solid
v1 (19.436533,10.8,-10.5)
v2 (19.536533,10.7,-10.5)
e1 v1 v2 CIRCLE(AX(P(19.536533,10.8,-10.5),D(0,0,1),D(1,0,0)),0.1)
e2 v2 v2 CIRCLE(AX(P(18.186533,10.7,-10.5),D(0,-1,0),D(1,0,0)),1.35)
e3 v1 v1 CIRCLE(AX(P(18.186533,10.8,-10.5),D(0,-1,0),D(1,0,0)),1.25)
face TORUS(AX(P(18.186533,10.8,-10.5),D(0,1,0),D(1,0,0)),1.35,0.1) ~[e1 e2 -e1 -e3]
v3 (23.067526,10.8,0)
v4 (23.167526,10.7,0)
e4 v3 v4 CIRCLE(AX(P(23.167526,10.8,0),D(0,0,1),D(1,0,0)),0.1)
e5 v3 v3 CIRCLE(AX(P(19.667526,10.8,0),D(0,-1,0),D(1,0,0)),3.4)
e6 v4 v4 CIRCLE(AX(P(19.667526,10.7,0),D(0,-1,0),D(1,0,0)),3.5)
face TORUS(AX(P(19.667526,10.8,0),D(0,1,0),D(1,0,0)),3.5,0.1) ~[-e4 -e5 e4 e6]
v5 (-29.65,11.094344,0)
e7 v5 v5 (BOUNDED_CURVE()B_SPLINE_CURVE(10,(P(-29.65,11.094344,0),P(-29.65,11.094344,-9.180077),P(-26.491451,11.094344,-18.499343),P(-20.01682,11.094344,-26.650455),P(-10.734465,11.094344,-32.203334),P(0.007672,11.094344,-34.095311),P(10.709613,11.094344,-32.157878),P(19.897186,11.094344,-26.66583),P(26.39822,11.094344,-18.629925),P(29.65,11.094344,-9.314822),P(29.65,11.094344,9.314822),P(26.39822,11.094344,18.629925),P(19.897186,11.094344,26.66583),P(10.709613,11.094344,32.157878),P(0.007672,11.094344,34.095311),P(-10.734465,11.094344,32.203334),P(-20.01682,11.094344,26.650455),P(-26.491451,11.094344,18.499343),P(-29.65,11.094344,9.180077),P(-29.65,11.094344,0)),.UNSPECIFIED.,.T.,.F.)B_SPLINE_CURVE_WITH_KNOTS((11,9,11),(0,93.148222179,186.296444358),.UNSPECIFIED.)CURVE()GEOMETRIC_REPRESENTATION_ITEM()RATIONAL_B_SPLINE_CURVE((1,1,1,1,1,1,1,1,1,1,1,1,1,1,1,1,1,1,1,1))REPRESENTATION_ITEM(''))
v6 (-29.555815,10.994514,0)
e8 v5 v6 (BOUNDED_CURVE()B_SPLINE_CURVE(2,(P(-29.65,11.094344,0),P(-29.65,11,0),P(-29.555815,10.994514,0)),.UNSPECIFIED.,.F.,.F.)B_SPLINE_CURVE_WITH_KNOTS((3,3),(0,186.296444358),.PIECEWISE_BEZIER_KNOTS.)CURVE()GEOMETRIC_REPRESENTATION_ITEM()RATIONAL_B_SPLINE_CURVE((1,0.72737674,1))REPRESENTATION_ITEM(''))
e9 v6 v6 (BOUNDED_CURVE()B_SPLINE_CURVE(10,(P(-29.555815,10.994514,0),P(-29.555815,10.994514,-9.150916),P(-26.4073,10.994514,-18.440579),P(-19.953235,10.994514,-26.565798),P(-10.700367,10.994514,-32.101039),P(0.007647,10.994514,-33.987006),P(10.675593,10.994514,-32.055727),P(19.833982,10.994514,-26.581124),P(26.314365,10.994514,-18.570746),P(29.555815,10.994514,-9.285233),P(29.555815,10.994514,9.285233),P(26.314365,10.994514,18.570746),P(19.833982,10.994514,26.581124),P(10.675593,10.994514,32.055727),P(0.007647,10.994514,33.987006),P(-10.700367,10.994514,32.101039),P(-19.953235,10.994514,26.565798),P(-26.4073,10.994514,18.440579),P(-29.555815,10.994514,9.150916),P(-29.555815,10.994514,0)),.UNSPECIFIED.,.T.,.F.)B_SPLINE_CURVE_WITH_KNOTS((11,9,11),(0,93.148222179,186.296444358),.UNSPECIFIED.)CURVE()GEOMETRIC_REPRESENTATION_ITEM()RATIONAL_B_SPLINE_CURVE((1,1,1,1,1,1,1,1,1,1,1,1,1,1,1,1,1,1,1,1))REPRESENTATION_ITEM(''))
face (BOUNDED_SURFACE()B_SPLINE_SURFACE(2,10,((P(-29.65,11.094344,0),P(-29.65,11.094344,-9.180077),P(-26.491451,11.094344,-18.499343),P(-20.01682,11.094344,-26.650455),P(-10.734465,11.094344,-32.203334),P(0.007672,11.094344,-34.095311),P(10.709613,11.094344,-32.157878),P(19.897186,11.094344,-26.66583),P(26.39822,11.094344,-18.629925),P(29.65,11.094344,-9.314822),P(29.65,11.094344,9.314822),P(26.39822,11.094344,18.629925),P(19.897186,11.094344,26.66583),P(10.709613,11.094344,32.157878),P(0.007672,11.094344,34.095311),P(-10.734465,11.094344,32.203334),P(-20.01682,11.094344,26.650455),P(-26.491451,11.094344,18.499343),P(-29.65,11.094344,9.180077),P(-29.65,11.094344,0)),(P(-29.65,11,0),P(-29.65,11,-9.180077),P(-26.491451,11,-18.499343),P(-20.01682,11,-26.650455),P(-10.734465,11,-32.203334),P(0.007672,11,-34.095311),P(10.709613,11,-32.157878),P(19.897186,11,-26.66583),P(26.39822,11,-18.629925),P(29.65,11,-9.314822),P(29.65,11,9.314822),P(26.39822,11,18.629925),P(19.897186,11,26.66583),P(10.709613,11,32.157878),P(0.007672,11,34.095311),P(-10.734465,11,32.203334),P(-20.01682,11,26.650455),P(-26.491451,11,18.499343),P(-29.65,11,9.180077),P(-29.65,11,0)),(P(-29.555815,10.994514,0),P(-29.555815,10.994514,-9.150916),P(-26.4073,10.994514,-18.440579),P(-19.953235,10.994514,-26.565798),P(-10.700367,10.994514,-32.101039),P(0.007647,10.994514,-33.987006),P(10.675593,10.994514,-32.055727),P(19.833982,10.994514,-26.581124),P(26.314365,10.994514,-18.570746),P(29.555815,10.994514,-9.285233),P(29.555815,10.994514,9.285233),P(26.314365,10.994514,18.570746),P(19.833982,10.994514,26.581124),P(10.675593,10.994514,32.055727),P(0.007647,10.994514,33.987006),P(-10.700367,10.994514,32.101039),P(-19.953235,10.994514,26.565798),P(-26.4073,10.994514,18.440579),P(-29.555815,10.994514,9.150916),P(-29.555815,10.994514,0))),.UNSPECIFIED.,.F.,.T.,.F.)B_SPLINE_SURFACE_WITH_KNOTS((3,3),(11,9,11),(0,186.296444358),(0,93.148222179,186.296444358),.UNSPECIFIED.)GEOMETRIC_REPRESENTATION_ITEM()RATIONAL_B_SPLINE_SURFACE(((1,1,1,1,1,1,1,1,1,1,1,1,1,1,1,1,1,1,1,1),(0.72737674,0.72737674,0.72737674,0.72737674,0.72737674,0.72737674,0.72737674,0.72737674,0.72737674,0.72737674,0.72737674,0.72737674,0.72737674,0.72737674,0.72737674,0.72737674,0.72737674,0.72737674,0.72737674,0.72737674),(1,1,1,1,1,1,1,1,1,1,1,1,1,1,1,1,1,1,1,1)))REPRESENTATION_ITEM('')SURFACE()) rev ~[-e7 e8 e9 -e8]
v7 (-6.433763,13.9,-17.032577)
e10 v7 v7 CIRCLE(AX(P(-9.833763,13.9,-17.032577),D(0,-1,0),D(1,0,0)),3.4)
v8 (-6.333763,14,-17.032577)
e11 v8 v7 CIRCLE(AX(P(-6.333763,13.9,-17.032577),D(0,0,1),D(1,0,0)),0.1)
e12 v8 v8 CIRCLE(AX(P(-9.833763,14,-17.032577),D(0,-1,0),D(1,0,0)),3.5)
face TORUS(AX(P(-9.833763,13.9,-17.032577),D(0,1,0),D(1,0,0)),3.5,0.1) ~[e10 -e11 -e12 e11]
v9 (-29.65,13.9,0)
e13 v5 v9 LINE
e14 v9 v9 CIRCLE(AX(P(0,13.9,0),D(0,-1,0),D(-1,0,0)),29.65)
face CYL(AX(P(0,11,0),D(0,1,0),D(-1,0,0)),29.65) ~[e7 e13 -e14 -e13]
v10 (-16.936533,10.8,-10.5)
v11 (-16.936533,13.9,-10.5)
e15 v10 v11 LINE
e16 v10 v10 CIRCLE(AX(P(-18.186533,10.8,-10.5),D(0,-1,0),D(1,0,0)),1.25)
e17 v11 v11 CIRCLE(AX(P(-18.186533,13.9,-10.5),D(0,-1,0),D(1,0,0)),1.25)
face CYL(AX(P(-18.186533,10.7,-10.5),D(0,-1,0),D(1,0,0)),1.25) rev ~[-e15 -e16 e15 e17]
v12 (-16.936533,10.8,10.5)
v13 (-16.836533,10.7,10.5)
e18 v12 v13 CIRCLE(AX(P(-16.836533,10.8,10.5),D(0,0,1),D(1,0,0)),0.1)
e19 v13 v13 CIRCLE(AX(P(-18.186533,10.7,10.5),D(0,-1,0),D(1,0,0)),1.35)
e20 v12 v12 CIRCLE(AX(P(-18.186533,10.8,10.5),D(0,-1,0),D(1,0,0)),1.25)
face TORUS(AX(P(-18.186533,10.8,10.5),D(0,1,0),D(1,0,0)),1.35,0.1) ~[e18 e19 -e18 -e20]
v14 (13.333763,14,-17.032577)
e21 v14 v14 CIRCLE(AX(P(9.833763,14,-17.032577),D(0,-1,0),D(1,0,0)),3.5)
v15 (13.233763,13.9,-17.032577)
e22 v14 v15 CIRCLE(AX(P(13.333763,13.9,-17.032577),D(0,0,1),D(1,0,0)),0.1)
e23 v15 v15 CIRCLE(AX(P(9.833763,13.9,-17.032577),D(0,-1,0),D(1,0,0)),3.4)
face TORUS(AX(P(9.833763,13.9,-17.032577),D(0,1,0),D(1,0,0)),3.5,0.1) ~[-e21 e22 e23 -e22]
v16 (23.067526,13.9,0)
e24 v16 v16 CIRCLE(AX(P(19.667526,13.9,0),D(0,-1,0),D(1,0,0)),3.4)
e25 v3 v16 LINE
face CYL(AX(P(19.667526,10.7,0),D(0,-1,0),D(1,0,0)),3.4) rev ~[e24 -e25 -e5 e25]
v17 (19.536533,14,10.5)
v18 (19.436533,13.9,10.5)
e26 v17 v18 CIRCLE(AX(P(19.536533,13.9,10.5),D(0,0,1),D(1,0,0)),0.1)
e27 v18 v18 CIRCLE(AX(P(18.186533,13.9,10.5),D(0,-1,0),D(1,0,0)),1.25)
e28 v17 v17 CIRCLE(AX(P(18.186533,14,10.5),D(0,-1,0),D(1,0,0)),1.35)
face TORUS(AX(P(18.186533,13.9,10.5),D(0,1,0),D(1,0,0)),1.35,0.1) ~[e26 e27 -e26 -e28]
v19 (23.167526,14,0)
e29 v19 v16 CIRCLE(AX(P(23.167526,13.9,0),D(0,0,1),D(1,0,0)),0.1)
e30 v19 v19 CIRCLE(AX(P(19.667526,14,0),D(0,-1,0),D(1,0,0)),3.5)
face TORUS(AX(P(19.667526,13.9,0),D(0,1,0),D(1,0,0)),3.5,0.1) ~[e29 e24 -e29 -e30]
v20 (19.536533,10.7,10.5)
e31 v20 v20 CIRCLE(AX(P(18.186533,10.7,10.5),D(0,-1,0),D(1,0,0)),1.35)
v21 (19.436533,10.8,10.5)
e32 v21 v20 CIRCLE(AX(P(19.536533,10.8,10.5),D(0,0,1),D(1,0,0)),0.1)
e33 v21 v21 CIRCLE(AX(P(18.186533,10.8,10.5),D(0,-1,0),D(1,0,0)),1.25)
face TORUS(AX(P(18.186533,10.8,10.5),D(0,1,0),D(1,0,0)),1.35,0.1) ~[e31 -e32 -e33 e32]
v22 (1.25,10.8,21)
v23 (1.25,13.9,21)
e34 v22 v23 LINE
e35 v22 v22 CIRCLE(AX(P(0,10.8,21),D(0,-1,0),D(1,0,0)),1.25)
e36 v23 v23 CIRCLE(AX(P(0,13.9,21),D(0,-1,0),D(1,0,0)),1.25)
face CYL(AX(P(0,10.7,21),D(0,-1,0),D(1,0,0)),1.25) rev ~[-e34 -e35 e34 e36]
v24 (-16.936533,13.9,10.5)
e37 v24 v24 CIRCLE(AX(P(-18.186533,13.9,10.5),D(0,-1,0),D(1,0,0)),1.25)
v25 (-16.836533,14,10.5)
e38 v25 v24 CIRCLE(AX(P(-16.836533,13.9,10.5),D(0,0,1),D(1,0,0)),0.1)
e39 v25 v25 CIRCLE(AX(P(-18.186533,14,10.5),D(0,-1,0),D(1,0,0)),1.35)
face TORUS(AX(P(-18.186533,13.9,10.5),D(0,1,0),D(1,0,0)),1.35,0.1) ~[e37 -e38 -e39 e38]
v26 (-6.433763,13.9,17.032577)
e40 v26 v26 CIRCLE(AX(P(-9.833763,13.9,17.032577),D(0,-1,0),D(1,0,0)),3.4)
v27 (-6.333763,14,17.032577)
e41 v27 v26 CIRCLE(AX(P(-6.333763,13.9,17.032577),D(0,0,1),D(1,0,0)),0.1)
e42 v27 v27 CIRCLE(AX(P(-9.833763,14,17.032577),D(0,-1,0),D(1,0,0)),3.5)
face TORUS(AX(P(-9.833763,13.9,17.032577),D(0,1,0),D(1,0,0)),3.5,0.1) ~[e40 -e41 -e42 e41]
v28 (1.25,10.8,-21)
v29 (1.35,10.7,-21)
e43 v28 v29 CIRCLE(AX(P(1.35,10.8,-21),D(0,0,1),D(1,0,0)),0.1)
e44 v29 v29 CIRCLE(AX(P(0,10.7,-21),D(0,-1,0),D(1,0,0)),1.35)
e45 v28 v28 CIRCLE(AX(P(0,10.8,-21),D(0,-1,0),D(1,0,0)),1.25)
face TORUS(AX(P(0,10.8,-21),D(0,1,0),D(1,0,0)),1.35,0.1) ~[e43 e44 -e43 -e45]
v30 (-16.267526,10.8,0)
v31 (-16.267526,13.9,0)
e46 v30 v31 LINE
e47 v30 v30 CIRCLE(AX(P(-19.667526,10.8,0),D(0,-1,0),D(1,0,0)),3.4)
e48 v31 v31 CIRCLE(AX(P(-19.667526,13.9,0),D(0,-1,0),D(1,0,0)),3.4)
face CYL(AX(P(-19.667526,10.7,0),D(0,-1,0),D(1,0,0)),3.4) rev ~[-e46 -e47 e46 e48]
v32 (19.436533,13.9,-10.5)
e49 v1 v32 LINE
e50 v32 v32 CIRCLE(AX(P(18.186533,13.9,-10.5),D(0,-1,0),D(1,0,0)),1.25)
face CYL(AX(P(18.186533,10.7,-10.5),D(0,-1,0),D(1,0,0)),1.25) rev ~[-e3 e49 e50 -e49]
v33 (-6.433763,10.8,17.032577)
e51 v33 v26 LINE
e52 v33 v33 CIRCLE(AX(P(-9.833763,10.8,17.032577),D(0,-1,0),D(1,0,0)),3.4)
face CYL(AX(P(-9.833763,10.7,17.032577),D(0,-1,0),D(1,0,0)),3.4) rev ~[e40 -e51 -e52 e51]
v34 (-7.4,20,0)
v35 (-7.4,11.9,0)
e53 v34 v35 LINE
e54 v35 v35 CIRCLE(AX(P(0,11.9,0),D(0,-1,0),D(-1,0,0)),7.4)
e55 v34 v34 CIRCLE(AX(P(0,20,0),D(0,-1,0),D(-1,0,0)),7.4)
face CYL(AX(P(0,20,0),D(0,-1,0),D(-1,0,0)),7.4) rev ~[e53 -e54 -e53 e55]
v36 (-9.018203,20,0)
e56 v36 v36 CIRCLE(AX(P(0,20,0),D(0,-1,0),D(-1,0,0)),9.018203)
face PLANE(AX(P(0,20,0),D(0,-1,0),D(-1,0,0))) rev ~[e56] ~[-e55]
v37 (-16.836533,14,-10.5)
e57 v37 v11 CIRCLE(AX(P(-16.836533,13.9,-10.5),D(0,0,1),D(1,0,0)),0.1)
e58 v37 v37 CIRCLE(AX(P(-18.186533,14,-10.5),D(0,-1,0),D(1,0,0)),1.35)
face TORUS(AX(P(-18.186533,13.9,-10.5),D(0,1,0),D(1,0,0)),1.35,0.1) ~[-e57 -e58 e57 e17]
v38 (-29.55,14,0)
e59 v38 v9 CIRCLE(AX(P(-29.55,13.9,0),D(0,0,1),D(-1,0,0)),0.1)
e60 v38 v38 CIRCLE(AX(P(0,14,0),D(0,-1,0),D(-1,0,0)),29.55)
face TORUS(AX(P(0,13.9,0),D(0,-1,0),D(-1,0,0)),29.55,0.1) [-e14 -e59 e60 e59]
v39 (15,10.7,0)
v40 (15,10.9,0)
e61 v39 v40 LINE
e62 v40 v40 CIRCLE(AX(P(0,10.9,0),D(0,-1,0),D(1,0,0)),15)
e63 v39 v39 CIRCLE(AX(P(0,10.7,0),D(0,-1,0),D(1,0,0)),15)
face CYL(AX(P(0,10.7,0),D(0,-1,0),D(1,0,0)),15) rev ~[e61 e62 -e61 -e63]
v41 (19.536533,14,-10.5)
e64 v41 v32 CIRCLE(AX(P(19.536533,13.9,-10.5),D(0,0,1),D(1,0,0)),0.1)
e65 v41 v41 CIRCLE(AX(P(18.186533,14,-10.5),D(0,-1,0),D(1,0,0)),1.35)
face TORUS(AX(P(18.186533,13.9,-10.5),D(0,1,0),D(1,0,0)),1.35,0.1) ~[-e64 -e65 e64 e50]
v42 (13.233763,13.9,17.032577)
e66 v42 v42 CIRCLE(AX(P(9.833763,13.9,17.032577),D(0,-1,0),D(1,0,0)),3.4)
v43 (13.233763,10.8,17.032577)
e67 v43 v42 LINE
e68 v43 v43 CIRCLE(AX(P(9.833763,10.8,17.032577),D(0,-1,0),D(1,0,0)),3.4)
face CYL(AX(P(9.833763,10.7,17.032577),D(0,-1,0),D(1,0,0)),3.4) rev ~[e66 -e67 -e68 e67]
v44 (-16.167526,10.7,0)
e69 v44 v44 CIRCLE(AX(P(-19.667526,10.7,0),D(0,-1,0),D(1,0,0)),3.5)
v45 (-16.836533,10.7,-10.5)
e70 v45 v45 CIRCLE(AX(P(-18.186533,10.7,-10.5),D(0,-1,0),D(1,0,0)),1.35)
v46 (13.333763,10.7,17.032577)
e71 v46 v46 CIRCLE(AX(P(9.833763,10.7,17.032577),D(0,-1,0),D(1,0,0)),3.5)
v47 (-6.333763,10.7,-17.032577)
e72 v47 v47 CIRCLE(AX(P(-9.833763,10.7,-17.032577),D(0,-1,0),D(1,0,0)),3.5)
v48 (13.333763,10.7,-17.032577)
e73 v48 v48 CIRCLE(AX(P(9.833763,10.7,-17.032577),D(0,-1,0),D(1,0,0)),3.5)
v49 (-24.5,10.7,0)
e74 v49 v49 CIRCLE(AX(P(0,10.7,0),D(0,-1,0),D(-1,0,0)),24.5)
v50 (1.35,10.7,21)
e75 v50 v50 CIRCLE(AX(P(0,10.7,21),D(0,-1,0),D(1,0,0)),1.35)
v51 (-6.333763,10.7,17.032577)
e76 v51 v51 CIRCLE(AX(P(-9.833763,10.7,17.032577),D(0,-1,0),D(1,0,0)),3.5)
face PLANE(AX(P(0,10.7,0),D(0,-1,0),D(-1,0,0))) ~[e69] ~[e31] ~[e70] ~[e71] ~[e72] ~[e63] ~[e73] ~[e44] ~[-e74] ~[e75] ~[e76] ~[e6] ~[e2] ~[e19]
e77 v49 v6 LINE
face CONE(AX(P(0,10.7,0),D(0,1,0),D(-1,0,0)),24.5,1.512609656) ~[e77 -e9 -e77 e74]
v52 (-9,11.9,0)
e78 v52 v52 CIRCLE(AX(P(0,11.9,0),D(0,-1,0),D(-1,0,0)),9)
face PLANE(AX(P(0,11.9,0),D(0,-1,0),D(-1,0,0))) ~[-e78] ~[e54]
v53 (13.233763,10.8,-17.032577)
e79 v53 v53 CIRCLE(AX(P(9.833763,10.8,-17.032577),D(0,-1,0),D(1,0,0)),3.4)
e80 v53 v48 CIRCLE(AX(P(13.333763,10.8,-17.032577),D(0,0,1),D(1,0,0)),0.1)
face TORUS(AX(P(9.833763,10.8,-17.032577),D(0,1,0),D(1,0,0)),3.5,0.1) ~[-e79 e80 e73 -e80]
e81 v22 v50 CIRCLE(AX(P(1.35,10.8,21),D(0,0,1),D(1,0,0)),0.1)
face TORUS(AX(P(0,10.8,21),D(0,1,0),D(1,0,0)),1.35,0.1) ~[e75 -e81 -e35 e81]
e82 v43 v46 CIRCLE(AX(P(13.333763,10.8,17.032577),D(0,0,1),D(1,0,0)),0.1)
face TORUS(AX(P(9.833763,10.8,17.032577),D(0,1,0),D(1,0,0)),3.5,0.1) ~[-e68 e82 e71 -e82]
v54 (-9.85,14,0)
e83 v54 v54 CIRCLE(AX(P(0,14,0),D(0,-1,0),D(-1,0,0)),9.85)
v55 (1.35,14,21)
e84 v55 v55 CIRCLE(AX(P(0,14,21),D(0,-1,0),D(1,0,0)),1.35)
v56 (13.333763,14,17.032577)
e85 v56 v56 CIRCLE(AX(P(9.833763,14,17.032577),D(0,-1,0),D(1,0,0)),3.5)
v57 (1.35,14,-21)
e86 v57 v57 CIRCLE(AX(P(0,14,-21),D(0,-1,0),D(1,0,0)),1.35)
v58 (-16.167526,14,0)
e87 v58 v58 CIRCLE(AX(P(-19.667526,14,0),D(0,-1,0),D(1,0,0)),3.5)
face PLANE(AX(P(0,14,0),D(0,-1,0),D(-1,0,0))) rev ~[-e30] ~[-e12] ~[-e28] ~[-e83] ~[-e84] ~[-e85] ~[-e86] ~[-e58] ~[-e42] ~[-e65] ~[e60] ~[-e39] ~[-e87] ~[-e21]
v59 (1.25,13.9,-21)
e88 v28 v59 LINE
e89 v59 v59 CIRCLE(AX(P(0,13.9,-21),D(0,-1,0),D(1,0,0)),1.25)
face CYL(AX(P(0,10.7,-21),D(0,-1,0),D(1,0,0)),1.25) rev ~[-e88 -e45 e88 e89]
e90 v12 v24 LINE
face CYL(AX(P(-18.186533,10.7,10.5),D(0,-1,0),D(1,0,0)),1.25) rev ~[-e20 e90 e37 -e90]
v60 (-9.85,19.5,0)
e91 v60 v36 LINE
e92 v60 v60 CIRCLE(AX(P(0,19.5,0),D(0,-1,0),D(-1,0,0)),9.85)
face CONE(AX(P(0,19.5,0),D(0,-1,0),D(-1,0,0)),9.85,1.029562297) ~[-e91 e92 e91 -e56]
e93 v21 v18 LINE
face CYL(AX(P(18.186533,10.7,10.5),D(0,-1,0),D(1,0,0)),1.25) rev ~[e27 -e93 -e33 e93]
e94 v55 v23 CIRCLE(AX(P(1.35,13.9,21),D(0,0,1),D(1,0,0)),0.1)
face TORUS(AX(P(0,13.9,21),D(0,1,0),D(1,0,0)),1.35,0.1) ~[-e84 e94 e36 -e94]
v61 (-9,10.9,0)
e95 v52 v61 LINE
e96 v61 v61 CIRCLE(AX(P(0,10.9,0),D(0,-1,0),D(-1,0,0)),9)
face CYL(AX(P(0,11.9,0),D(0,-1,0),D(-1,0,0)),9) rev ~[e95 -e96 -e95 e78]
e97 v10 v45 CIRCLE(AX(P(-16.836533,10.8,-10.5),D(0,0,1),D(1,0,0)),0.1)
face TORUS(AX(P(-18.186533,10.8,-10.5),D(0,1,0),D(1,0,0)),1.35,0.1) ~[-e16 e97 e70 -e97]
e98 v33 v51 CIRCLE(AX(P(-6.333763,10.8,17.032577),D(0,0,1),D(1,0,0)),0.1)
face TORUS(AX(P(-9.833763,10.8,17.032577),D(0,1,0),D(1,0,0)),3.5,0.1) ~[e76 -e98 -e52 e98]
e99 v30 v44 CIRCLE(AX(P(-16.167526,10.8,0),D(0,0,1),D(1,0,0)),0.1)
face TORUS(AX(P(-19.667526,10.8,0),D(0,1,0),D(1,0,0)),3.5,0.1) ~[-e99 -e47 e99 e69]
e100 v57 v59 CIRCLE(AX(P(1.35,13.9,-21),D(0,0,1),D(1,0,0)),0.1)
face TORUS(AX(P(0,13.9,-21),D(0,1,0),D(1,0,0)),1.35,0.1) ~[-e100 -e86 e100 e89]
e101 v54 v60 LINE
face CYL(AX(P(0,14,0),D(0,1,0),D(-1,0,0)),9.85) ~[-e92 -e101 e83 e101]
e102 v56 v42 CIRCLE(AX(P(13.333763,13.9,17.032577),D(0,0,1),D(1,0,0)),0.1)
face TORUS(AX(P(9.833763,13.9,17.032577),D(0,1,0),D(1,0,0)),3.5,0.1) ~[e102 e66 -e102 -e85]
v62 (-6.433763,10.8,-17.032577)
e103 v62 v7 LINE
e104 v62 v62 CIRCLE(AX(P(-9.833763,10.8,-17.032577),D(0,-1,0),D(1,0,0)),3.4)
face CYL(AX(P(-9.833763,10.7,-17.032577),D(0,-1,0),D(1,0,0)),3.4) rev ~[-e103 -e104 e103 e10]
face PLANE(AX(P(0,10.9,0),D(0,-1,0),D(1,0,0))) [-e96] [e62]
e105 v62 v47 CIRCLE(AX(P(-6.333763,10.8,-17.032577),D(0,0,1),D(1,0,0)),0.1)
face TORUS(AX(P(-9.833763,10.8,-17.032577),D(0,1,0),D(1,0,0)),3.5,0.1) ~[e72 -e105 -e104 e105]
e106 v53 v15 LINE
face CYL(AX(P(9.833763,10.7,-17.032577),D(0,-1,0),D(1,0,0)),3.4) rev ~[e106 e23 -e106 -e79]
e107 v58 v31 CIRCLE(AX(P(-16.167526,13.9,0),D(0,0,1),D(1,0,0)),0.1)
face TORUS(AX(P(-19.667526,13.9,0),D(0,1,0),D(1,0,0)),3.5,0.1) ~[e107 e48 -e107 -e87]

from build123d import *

# Parameters (mm, degrees)
SKETCH_3_R          = 15
CUT_EXTRUDE_2_DEPTH = 0.2
SKETCH_4_R          = 1.25
SKETCH_4_R_2        = 3.4
CUT_EXTRUDE_3_DEPTH = 10.3
FILLET_3_R          = 0.1


with BuildPart() as part:
    # Эскиз1 → Повернуть1 (revolve)
    with BuildSketch(Plane.XY):
        Polygon((-9.85, 14), (-9.85, 19.5), (-9.018203137, 20), (-7.4, 20), (-7.4, 11.9), (-9, 11.9), (-9, 10.7), (-24.5, 10.7), (-29.65, 11), (-29.65, 14), align=None)
    revolve(axis=Axis((0, 73.864195873, 0), (0, -1, 0)))

    # Эскиз3 → Вырез-Вытянуть2 (cut)
    with BuildSketch(Plane.XZ.offset(-10.7)):
        Circle(SKETCH_3_R)
    extrude(amount=-CUT_EXTRUDE_2_DEPTH, mode=Mode.SUBTRACT)

    # Эскиз4 → Вырез-Вытянуть3 (cut, through all)
    with BuildSketch(Plane.XZ.offset(-10.7)):
        with Locations((0, 21)):
            Circle(SKETCH_4_R)
        with Locations((18.186533479, 10.5)):
            Circle(SKETCH_4_R)
        with Locations((18.186533479, -10.5)):
            Circle(SKETCH_4_R)
        with Locations((0, -21)):
            Circle(SKETCH_4_R)
        with Locations((-18.186533479, -10.5)):
            Circle(SKETCH_4_R)
        with Locations((-18.186533479, 10.5)):
            Circle(SKETCH_4_R)
        with Locations((19.667526395, 0)):
            Circle(SKETCH_4_R_2)
        with Locations((9.833763197, -17.032577487)):
            Circle(SKETCH_4_R_2)
        with Locations((-9.833763197, -17.032577487)):
            Circle(SKETCH_4_R_2)
        with Locations((-19.667526395, 0)):
            Circle(SKETCH_4_R_2)
        with Locations((-9.833763197, 17.032577487)):
            Circle(SKETCH_4_R_2)
        with Locations((9.833763197, 17.032577487)):
            Circle(SKETCH_4_R_2)
    extrude(amount=-CUT_EXTRUDE_3_DEPTH, mode=Mode.SUBTRACT)

    # Скругление3
    fillet_3_edges = [part.edges().sort_by_distance(p)[0] for p in [
        (-1.25, 14, 21),
        (-1.25, 10.7, 21),
        (16.267526395, 14, 0),
        (16.267526395, 10.7, 0),
        (16.936533479, 14, 10.5),
        (16.936533479, 10.7, 10.5),
        (16.936533479, 14, -10.5),
        (16.936533479, 10.7, -10.5),
        (-1.25, 14, -21),
        (-1.25, 10.7, -21),
        (-19.436533479, 14, -10.5),
        (-19.436533479, 10.7, -10.5),
        (-19.436533479, 14, 10.5),
        (-19.436533479, 10.7, 10.5),
        (6.433763197, 14, -17.032577487),
        (6.433763197, 10.7, -17.032577487),
        (-13.233763197, 14, -17.032577487),
        (-13.233763197, 10.7, -17.032577487),
        (-23.067526395, 14, 0),
        (-23.067526395, 10.7, 0),
        (-13.233763197, 14, 17.032577487),
        (-13.233763197, 10.7, 17.032577487),
        (6.433763197, 14, 17.032577487),
        (6.433763197, 10.7, 17.032577487),
        (29.65, 14, 0),
        (29.65, 11, 0),
    ]]
    fillet(fillet_3_edges, radius=FILLET_3_R)


solid = part.part
